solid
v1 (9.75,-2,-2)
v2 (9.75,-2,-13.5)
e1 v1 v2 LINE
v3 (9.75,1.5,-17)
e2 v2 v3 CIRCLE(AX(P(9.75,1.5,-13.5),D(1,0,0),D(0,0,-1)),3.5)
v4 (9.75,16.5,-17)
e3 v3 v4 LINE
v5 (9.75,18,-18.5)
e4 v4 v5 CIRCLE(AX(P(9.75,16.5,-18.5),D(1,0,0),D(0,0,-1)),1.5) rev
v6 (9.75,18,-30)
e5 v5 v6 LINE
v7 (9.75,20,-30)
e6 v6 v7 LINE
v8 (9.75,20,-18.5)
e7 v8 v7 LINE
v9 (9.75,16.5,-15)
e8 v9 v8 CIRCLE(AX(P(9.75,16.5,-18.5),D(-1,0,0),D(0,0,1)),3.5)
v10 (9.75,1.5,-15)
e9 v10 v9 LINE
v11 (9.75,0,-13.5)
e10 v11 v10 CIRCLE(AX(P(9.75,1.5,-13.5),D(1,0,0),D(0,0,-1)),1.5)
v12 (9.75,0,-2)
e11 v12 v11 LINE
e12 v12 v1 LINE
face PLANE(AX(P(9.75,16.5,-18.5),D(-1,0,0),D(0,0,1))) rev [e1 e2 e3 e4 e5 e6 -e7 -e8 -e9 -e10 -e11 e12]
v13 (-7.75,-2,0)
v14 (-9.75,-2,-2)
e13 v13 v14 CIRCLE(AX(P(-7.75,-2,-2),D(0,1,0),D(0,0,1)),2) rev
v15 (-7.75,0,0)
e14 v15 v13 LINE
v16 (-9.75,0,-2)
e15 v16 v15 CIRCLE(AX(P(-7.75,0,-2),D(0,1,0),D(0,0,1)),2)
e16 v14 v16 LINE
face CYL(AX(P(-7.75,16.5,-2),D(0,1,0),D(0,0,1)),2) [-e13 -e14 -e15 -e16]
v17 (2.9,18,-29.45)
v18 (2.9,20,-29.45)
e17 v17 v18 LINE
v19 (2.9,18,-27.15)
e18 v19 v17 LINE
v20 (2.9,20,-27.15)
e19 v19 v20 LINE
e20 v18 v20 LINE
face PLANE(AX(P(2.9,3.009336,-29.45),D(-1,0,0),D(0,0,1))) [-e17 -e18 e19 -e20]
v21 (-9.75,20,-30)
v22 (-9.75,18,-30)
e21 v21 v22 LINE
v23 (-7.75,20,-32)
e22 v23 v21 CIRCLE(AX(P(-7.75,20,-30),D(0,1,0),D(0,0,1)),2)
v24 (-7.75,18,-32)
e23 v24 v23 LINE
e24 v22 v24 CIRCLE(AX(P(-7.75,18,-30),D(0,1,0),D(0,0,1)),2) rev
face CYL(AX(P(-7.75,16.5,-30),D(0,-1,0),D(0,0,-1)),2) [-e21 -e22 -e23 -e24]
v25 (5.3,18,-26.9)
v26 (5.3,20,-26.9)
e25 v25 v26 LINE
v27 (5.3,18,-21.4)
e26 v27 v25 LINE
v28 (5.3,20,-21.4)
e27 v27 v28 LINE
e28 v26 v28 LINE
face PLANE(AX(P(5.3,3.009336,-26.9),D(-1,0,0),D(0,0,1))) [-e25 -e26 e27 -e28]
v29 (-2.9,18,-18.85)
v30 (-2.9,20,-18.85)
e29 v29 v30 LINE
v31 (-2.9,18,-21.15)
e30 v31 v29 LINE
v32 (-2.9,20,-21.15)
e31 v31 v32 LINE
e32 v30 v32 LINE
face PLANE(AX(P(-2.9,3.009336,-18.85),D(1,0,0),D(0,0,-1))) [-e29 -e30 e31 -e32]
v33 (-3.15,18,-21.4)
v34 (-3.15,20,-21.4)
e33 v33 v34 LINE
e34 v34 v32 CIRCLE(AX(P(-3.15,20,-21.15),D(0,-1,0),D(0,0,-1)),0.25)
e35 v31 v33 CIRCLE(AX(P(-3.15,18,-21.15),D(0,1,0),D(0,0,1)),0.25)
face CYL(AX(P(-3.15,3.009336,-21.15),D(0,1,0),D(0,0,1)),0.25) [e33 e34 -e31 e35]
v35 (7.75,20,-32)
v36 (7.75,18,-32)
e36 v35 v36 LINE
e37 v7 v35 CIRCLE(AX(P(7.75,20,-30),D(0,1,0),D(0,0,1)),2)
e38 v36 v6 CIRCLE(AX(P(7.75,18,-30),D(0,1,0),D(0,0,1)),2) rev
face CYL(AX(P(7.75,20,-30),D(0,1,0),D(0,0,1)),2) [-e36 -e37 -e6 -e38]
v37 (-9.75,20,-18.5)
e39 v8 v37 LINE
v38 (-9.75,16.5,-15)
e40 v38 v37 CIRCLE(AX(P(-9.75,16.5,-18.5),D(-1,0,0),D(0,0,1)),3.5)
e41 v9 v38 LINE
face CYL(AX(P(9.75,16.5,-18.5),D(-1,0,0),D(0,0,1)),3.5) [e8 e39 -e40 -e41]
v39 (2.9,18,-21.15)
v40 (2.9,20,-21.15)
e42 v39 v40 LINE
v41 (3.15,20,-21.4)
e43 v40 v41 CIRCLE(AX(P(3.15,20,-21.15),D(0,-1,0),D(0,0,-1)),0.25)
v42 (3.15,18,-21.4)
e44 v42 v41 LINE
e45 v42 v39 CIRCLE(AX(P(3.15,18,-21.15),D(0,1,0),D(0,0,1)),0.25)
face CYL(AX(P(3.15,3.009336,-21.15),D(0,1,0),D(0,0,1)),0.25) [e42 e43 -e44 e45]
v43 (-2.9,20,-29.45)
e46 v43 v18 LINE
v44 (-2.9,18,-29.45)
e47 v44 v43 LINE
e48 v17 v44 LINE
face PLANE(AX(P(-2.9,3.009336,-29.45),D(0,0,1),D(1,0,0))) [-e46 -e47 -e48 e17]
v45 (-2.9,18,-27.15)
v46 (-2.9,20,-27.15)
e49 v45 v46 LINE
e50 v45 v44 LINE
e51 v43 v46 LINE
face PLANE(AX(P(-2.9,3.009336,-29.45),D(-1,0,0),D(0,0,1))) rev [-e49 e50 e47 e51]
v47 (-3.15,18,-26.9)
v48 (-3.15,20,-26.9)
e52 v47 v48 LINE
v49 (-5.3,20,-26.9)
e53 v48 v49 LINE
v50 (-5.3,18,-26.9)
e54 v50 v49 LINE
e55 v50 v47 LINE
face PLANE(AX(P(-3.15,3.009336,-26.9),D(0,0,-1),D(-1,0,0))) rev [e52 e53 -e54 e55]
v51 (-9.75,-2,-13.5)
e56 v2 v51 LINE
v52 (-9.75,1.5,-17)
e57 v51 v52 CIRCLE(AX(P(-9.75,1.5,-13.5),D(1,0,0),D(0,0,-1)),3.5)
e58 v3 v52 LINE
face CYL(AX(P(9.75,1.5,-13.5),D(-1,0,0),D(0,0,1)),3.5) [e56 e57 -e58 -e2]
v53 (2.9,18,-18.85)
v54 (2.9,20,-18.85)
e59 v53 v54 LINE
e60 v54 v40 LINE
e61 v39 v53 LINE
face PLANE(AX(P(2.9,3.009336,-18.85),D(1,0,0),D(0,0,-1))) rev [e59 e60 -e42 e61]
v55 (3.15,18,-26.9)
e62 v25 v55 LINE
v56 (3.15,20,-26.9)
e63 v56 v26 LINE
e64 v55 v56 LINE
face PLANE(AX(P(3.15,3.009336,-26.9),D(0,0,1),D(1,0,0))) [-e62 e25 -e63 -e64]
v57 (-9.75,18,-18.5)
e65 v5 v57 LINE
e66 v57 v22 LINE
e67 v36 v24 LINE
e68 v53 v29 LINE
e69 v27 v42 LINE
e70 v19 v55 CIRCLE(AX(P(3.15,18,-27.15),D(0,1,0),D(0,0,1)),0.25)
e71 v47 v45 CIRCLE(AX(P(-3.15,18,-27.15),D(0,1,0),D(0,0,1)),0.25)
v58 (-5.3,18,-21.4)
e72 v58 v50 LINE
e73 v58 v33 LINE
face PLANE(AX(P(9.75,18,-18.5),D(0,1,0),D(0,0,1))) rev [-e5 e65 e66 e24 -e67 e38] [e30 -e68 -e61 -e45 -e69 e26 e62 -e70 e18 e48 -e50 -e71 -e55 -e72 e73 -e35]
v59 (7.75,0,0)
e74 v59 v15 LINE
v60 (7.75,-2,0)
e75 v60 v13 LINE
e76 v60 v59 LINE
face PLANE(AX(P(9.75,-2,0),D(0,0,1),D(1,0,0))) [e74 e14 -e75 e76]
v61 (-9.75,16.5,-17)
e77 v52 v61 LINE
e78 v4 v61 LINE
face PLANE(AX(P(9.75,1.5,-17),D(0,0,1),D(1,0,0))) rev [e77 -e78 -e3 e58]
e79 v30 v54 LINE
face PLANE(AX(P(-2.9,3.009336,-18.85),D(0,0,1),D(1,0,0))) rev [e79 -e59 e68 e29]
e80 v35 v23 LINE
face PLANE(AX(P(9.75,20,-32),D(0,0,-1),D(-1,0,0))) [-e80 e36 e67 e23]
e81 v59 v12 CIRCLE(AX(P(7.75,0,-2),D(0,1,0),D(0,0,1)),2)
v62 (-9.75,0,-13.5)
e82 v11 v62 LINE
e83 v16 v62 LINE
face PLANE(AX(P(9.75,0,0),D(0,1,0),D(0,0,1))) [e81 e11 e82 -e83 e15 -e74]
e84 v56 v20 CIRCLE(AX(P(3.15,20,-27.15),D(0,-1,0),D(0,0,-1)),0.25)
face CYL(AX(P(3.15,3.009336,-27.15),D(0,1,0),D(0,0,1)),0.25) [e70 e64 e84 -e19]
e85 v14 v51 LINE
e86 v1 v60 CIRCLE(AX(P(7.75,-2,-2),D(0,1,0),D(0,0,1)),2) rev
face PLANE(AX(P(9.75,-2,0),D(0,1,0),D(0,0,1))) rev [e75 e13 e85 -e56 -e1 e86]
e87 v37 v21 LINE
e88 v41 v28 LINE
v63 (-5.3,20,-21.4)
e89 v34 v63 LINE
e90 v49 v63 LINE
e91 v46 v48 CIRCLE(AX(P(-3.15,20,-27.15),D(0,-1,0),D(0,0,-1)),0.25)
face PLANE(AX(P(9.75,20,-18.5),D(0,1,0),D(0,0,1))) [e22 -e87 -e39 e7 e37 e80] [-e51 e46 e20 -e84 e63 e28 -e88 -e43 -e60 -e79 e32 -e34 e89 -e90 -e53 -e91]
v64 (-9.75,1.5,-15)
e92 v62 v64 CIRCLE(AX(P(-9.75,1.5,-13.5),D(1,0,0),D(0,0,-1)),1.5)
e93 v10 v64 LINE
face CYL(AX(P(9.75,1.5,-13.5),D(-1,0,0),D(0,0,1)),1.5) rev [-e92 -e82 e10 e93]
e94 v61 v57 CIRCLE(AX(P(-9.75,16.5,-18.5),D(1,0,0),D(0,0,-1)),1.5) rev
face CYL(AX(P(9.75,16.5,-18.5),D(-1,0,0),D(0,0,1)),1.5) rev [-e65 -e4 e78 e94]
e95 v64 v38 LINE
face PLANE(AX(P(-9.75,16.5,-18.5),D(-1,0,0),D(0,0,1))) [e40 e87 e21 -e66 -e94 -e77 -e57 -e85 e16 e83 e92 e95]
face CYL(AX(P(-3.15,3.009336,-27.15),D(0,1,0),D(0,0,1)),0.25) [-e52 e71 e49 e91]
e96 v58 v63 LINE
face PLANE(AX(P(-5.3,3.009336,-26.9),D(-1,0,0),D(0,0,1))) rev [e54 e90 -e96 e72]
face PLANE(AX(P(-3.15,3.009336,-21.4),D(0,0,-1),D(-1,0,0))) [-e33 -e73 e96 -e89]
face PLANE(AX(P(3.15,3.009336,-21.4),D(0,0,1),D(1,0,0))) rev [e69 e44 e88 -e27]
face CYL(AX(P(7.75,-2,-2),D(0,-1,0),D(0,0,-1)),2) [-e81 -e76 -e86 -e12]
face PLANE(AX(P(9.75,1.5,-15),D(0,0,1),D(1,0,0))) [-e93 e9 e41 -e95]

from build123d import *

# Parameters (mm, degrees)
EXTRUDE_THIN1_DEPTH = 9.75
CUT_EXTRUDE1_DEPTH  = 2
FILLET2_R           = 2


with BuildPart() as part:
    # Sketch1 → Extrude-Thin1 (new, symmetric)
    with BuildSketch(Plane(origin=(0, 0, 0), x_dir=(0, 0, -1), z_dir=(1, 0, 0))):
        with BuildLine():
            Line((0, 0), (13.5, 0))
            ThreePointArc((13.5, 0), (14.560660172, 0.439339828), (15, 1.5))
            Line((15, 1.5), (15, 16.5))
            ThreePointArc((15, 16.5), (16.025126266, 18.974873734), (18.5, 20))
            Line((18.5, 20), (32, 20))
            Line((32, 20), (32, 18))
            Line((32, 18), (18.5, 18))
            ThreePointArc((18.5, 18), (17.439339828, 17.560660172), (17, 16.5))
            Line((17, 16.5), (17, 1.5))
            ThreePointArc((17, 1.5), (15.974873734, -0.974873734), (13.5, -2))
            Line((13.5, -2), (0, -2))
            Line((0, -2), (0, 0))
        make_face()
    extrude(amount=EXTRUDE_THIN1_DEPTH, both=True)

    # Sketch2 → Cut-Extrude1 (cut)
    with BuildSketch(Plane(origin=(0, 20, 0), x_dir=(1, 0, 0), z_dir=(0, 1, 0))):
        with BuildLine():
            Line((-2.9, 29.45), (2.9, 29.45))
            Line((2.9, 29.45), (2.9, 27.15))
            ThreePointArc((2.9, 27.15), (2.973223305, 26.973223305), (3.15, 26.9))
            Line((3.15, 26.9), (5.3, 26.9))
            Line((5.3, 26.9), (5.3, 21.4))
            Line((5.3, 21.4), (3.15, 21.4))
            ThreePointArc((3.15, 21.4), (2.973223305, 21.326776695), (2.9, 21.15))
            Line((2.9, 21.15), (2.9, 18.85))
            Line((2.9, 18.85), (-2.9, 18.85))
            Line((-2.9, 18.85), (-2.9, 21.15))
            ThreePointArc((-2.9, 21.15), (-2.973223305, 21.326776695), (-3.15, 21.4))
            Line((-3.15, 21.4), (-5.3, 21.4))
            Line((-5.3, 21.4), (-5.3, 26.9))
            Line((-5.3, 26.9), (-3.15, 26.9))
            ThreePointArc((-3.15, 26.9), (-2.973223305, 26.973223305), (-2.9, 27.15))
            Line((-2.9, 27.15), (-2.9, 29.45))
        make_face()
    extrude(amount=-CUT_EXTRUDE1_DEPTH, mode=Mode.SUBTRACT)

    # Fillet2
    fillet2_edges = [part.edges().sort_by_distance(p)[0] for p in [
        (-9.75, -1, 0),
        (-9.75, 19, -32),
        (9.75, -1, 0),
        (9.75, 19, -32),
    ]]
    fillet(fillet2_edges, radius=FILLET2_R)


solid = part.part
